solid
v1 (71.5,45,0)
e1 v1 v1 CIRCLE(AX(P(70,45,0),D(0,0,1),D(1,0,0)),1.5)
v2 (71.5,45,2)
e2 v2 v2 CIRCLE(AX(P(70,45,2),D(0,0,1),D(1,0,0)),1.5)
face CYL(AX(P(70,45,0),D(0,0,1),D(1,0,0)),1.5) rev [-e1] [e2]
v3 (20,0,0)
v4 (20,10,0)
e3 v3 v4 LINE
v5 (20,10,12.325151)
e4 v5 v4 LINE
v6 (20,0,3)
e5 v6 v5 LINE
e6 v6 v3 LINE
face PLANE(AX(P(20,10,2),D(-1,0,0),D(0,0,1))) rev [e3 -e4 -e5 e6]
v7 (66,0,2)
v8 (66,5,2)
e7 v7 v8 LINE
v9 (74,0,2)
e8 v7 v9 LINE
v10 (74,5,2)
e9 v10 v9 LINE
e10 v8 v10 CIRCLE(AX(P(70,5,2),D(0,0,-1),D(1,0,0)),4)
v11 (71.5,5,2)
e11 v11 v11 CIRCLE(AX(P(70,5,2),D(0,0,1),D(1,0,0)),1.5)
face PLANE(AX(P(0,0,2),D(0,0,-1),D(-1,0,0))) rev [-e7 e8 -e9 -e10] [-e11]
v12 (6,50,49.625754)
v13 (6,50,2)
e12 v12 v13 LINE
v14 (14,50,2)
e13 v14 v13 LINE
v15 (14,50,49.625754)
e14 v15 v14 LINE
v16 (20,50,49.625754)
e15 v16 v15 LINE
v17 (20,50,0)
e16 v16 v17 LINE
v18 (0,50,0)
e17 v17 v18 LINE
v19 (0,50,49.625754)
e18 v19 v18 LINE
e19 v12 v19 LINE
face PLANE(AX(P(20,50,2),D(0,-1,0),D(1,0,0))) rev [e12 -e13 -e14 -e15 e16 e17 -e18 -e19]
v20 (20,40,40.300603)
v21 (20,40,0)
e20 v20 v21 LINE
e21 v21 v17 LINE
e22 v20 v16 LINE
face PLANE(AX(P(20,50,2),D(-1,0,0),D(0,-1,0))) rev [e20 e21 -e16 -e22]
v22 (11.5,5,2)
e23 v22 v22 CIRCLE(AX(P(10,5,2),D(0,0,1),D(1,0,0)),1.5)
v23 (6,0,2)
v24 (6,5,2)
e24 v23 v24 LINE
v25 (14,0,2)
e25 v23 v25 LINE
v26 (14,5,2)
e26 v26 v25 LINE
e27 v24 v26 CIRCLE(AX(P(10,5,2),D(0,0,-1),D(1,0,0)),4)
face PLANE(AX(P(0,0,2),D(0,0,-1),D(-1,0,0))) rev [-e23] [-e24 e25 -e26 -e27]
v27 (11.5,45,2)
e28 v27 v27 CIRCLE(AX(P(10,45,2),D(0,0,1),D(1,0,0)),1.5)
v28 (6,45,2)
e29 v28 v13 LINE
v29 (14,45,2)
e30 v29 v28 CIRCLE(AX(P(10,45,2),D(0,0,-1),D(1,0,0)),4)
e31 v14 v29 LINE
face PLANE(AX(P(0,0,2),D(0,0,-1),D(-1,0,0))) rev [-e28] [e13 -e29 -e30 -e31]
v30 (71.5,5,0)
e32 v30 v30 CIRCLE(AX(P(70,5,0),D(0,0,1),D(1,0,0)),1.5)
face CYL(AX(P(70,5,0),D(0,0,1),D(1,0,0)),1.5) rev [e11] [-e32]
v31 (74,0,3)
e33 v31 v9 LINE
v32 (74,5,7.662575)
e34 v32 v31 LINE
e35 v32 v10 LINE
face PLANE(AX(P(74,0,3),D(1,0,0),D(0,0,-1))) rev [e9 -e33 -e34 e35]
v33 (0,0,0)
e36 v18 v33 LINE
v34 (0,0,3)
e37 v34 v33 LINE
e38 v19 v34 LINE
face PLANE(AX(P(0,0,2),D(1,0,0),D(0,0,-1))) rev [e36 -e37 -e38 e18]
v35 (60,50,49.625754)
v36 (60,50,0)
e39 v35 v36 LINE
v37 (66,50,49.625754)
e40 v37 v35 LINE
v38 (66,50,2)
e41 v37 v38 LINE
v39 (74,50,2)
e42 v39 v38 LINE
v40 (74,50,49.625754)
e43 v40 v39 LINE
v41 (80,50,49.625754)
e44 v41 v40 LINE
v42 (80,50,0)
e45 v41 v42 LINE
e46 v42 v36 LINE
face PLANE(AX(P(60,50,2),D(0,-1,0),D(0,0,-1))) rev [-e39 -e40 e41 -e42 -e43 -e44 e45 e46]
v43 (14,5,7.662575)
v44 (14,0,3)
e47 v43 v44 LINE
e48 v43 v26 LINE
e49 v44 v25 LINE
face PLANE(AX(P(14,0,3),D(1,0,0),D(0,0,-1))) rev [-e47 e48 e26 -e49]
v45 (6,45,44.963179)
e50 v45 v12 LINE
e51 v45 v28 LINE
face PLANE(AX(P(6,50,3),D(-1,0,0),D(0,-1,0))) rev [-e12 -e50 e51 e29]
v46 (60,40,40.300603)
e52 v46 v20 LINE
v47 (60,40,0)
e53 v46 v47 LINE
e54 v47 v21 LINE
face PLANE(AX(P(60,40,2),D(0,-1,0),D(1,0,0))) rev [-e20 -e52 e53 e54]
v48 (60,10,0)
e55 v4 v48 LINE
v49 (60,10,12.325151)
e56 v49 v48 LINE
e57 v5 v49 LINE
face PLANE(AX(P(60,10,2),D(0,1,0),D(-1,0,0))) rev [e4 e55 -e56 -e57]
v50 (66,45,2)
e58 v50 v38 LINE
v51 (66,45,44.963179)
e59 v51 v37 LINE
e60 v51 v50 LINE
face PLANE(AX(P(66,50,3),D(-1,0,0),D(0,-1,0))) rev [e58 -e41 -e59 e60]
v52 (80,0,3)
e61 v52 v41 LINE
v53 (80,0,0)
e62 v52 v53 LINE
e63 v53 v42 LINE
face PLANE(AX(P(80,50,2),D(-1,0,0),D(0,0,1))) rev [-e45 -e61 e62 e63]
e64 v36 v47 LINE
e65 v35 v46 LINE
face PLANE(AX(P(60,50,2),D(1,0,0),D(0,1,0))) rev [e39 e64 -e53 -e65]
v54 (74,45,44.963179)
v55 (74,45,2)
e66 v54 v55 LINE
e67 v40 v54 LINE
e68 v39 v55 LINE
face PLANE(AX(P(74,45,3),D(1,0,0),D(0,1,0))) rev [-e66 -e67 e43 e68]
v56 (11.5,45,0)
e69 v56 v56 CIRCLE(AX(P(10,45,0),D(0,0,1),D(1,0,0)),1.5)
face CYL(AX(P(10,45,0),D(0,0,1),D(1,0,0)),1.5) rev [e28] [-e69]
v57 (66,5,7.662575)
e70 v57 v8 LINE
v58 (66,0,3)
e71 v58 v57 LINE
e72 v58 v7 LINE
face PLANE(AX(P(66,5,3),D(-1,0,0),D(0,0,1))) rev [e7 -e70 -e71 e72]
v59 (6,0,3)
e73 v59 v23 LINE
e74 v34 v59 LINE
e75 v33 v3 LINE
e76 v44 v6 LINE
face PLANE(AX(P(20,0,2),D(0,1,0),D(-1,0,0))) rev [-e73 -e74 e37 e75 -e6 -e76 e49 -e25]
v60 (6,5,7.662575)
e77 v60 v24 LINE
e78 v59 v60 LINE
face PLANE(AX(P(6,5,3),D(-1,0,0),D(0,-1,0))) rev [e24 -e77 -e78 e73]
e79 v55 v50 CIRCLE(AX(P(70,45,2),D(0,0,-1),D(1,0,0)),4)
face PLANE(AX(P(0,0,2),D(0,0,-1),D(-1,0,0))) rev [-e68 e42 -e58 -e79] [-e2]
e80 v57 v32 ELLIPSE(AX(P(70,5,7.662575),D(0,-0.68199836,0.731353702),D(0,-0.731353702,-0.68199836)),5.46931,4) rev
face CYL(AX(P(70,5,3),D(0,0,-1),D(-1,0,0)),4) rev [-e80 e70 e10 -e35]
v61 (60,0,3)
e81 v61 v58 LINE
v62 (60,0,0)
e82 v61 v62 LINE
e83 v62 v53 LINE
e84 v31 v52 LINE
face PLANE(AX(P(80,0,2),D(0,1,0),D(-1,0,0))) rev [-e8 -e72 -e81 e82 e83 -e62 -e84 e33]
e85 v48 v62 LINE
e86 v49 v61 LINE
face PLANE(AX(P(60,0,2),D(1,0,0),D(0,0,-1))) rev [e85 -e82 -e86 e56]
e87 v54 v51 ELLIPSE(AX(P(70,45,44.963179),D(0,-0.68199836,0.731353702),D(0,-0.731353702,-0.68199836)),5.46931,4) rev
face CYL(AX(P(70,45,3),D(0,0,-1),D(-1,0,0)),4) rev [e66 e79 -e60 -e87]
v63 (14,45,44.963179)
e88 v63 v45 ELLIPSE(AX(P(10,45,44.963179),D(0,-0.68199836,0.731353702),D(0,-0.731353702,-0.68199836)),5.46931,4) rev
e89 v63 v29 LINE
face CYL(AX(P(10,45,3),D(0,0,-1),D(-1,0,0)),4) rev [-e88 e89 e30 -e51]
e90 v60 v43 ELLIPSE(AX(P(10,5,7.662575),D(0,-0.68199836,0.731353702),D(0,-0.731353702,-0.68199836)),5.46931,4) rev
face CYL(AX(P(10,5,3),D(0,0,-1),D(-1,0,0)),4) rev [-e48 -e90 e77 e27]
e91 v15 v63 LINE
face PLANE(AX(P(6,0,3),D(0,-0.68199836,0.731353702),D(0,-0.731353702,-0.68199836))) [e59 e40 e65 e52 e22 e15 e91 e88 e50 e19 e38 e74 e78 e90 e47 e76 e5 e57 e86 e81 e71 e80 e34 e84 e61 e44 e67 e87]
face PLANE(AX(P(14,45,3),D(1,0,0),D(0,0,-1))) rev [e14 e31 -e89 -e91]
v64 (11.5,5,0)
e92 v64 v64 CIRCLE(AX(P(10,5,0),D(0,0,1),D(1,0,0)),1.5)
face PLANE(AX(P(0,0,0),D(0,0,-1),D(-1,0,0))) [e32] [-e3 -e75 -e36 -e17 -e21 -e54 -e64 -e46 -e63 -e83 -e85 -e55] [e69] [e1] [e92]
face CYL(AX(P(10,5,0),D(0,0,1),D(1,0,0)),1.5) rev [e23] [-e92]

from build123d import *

# Parameters (mm, degrees)
EXTRUDE_2_DEPTH     = 2
SKETCH_3_R          = 1.5
CUT_EXTRUDE_1_DEPTH = 95.361008897
EXTRUDE_3_DEPTH     = 1
DRAFT_4_ANGLE       = 43


with BuildPart() as part:
    # 草图1 → 凸台-拉伸2 (new body)
    with BuildSketch(Plane.XY):
        Polygon((0, 0), (0, 50), (20, 50), (20, 40), (60, 40), (60, 50), (80, 50), (80, 0), (60, 0), (60, 10), (20, 10), (20, 0), align=None)
    extrude(amount=EXTRUDE_2_DEPTH)

    # 草图3 → 切除-拉伸1 (cut, through all)
    with BuildSketch(Plane.XY.offset(2)):
        with Locations((10, 45)):
            Circle(SKETCH_3_R)
        with Locations((10, 5)):
            Circle(SKETCH_3_R)
        with Locations((70, 45)):
            Circle(SKETCH_3_R)
        with Locations((70, 5)):
            Circle(SKETCH_3_R)
    extrude(amount=-CUT_EXTRUDE_1_DEPTH, mode=Mode.SUBTRACT)

    # 草图5 → 凸台-拉伸3 (add)
    with BuildSketch(Plane.XY.offset(2)):
        with BuildLine():
            Line((0, 50), (6, 50))
            Line((6, 50), (6, 45))
            ThreePointArc((6, 45), (10, 41), (14, 45))
            Line((14, 45), (14, 50))
            Line((14, 50), (20, 50))
            Line((20, 50), (20, 40))
            Line((20, 40), (60, 40))
            Line((60, 40), (60, 50))
            Line((60, 50), (66, 50))
            Line((66, 50), (66, 45))
            ThreePointArc((66, 45), (70, 41), (74, 45))
            Line((74, 45), (74, 50))
            Line((74, 50), (80, 50))
            Line((80, 50), (80, 0))
            Line((80, 0), (74, 0))
            Line((74, 0), (74, 5))
            ThreePointArc((74, 5), (70, 9), (66, 5))
            Line((66, 5), (66, 0))
            Line((66, 0), (60, 0))
            Line((60, 0), (60, 10))
            Line((60, 10), (20, 10))
            Line((20, 10), (20, 0))
            Line((20, 0), (14, 0))
            Line((14, 0), (14, 5))
            ThreePointArc((14, 5), (10, 9), (6, 5))
            Line((6, 5), (6, 0))
            Line((6, 0), (0, 0))
            Line((0, 0), (0, 50))
        make_face()
    extrude(amount=EXTRUDE_3_DEPTH)

    # 拔模4
    draft_4_faces = [part.faces().sort_by_distance(p)[0] for p in [
        (40, 25, 3),
    ]]
    draft(draft_4_faces, Plane(origin=(20, 0, 2), x_dir=(-1, 0, 0), z_dir=(0, -1, 0)), DRAFT_4_ANGLE)


solid = part.part
